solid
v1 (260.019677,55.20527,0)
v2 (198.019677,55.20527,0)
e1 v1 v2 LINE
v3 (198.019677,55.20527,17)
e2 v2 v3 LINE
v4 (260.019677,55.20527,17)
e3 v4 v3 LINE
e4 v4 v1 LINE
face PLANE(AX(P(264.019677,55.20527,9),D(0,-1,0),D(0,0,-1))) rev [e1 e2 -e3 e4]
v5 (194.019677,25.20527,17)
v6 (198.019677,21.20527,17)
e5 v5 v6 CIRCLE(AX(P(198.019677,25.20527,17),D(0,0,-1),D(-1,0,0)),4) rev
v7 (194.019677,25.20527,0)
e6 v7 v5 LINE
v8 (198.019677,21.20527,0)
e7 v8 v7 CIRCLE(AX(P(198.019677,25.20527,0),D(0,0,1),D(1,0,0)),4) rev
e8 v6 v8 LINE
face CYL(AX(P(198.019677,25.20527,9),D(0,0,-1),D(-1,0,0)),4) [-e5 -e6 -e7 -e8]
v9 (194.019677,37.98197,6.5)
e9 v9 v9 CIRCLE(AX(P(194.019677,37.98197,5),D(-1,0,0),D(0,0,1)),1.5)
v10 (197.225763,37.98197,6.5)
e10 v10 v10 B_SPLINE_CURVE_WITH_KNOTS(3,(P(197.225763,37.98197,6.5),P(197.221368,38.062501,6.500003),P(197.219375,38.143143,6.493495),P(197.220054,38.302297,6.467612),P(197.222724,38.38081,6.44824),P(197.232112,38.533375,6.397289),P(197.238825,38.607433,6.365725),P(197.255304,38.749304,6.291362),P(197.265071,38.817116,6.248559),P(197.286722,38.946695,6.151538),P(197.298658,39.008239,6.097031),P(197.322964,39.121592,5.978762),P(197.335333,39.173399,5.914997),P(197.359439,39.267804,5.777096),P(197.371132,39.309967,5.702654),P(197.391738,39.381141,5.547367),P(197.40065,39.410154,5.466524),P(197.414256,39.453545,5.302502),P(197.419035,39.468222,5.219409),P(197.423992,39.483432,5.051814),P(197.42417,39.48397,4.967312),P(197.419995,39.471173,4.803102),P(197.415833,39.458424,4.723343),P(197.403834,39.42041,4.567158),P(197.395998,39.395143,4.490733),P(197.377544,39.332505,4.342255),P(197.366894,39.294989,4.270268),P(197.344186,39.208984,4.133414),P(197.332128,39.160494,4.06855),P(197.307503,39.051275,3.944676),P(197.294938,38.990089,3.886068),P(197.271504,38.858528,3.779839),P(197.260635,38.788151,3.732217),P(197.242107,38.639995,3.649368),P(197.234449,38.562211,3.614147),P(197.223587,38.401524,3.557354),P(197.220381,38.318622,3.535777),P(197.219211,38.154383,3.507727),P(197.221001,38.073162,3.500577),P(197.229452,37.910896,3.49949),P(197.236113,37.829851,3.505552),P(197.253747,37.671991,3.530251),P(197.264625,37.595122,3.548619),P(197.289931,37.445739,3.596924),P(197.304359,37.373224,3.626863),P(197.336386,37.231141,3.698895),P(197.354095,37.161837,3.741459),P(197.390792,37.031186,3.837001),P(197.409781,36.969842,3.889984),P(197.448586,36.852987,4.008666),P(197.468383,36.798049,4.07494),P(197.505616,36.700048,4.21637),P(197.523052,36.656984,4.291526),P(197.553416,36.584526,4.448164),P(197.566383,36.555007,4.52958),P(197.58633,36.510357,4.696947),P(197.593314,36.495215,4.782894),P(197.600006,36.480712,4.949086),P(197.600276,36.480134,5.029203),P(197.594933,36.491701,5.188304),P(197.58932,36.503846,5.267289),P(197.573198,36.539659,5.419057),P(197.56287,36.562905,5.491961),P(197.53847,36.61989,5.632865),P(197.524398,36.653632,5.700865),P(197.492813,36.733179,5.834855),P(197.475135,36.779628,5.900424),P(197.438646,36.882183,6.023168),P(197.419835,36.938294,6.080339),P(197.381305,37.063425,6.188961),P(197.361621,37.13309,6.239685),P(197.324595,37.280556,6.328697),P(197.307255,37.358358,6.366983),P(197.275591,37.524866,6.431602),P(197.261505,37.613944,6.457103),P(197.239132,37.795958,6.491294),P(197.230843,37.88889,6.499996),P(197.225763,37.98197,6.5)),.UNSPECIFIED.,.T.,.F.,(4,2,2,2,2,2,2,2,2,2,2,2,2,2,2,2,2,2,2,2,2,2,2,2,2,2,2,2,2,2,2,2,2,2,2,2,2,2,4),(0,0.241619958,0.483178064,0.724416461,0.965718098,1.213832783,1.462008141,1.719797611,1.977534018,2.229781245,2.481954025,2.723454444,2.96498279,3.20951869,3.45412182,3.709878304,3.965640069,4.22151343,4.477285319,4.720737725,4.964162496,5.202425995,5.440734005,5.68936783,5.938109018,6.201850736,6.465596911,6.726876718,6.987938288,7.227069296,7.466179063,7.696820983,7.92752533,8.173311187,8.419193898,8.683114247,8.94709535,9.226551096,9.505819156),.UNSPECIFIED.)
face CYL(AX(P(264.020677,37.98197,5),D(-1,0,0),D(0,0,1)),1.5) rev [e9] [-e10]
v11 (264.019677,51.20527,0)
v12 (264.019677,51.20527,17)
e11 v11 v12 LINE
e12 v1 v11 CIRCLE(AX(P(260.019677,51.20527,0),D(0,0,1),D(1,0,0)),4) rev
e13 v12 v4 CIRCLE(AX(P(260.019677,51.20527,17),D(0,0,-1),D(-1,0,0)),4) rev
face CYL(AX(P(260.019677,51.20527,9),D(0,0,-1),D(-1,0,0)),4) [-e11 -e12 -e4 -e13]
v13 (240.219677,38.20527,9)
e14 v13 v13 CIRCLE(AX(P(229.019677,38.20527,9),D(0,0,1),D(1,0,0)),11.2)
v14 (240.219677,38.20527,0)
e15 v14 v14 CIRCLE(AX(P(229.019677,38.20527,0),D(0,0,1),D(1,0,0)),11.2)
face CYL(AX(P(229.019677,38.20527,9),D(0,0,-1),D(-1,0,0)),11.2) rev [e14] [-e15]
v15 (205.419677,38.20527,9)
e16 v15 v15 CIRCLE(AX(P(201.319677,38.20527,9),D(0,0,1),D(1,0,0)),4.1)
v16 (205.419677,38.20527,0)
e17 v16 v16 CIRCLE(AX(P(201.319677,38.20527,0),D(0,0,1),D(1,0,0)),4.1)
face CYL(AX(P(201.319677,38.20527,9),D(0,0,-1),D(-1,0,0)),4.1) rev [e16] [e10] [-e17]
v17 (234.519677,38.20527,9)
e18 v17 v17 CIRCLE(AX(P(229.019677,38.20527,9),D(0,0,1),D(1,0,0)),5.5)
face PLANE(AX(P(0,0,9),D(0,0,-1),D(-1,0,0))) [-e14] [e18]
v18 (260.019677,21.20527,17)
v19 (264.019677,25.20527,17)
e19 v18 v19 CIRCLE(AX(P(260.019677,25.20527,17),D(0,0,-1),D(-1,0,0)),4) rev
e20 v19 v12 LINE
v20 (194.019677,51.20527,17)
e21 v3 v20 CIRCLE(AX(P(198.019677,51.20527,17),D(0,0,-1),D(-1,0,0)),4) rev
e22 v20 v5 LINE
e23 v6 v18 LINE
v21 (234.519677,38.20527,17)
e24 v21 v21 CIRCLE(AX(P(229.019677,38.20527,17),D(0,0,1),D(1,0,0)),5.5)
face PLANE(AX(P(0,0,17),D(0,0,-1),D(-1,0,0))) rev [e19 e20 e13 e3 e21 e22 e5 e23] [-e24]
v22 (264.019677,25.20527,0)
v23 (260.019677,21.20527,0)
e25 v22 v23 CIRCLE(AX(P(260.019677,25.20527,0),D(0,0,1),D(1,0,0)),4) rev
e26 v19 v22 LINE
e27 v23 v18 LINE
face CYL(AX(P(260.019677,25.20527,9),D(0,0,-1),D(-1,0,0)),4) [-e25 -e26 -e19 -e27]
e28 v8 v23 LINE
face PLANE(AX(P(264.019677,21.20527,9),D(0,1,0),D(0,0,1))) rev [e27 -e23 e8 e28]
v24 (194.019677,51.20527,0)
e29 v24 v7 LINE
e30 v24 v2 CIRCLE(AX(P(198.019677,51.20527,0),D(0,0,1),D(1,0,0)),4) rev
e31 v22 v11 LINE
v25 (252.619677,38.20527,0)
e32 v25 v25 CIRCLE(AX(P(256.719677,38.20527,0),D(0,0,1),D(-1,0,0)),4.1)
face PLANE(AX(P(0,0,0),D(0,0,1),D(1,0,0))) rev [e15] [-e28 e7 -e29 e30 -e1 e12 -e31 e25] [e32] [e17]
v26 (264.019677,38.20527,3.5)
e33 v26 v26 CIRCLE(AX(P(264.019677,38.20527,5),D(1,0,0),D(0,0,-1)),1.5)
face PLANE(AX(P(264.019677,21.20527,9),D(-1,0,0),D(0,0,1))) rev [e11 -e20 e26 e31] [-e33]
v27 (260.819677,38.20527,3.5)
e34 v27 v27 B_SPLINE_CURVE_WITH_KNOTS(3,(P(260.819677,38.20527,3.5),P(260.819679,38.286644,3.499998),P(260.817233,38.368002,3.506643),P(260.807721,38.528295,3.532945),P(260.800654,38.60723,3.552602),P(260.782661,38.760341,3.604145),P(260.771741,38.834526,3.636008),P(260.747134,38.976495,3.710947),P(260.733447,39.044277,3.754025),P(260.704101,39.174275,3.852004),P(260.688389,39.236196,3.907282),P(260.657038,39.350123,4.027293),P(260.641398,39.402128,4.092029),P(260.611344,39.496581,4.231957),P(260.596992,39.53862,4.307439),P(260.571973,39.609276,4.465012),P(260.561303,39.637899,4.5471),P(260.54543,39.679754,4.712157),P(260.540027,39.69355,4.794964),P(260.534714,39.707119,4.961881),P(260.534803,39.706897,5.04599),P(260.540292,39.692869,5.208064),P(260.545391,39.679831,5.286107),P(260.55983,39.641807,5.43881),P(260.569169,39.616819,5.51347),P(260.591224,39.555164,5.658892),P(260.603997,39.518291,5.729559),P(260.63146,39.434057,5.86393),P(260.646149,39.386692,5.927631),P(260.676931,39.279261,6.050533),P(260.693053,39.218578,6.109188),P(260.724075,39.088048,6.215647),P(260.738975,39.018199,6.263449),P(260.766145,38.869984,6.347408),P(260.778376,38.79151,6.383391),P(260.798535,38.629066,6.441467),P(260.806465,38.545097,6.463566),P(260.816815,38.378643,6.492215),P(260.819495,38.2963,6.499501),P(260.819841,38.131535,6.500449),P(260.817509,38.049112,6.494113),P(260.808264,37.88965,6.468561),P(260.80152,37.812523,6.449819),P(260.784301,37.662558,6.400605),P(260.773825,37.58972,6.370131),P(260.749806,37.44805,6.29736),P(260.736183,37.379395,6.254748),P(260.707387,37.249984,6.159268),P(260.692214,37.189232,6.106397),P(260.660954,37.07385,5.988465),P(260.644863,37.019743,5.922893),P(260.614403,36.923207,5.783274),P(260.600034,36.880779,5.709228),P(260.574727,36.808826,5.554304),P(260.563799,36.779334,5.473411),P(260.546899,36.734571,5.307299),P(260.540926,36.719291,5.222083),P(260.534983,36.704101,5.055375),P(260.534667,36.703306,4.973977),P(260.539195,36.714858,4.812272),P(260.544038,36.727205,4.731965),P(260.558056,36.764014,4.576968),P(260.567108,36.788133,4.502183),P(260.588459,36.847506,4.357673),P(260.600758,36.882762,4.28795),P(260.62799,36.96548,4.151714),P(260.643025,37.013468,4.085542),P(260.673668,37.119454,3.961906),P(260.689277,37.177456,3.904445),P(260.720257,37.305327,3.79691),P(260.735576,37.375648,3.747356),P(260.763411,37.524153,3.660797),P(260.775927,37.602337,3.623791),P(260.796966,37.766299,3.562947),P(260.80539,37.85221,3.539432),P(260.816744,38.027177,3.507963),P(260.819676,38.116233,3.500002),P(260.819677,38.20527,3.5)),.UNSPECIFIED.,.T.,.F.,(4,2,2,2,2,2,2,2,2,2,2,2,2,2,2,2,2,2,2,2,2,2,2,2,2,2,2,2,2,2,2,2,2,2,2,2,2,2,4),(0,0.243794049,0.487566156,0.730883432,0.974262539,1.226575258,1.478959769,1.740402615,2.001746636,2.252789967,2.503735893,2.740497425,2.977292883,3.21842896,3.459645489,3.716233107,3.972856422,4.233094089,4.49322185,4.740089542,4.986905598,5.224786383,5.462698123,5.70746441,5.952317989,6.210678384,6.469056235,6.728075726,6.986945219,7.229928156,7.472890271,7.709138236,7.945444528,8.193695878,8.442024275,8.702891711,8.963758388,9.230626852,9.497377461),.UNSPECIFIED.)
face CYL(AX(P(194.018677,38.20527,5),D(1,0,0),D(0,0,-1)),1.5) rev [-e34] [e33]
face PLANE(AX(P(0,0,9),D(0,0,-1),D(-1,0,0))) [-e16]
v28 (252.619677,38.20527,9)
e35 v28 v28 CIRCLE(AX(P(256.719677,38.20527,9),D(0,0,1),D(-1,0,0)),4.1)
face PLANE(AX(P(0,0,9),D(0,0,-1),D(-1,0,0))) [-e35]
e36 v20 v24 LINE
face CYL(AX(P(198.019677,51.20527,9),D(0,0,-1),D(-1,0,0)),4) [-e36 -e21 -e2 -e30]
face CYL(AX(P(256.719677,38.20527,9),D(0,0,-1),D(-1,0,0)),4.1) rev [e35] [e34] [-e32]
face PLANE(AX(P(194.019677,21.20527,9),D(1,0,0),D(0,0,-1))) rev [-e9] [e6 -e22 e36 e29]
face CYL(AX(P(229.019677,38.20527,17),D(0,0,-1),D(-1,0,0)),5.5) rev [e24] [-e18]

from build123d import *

# Parameters (mm, degrees)
CROQUIS1_W              = 70
CROQUIS1_H              = 34
CROQUIS1_R              = 11.2
CROQUIS1_R_2            = 4.1
SALIENTE_EXTRUIR1_DEPTH = 9
CROQUIS2_W              = 70
CROQUIS2_H              = 34
CROQUIS2_R              = 5.5
SALIENTE_EXTRUIR2_DEPTH = 8
CUT_EXTRUDE1_REACH      = 92.756
CUT_EXTRUDE1_END_RADIUS = 4.1
SKETCH1_R               = 1.5
CUT_EXTRUDE2_REACH      = 92.756
CUT_EXTRUDE2_END_RADIUS = 4.1
SKETCH2_R               = 1.5
FILLET1_R               = 4


with BuildPart() as part:
    # Croquis1 → Saliente-Extruir1 (new body)
    with BuildSketch(Plane.XY):
        with Locations((229.019677403, 38.205269585)):
            Rectangle(CROQUIS1_W, CROQUIS1_H)
        with Locations((229.019677403, 38.205269585)):
            Circle(CROQUIS1_R, mode=Mode.SUBTRACT)
        with Locations((201.319677403, 38.205269585)):
            Circle(CROQUIS1_R_2, mode=Mode.SUBTRACT)
        with Locations(Location((256.719677403, 38.205269585, 0), (0, 0, 180))):
            Circle(CROQUIS1_R_2, mode=Mode.SUBTRACT)
    extrude(amount=SALIENTE_EXTRUIR1_DEPTH)

    # Croquis2 → Saliente-Extruir2 (add)
    with BuildSketch(Plane.XY.offset(9)):
        with Locations((229.019677403, 38.205269585)):
            Rectangle(CROQUIS2_W, CROQUIS2_H)
        with Locations((229.019677403, 38.205269585)):
            Circle(CROQUIS2_R, mode=Mode.SUBTRACT)
    extrude(amount=SALIENTE_EXTRUIR2_DEPTH)

    # Cut-Extrude1: up to this cylinder (the profile starts outside it)
    cut_extrude1_end = Plane(origin=(201.319677403, 38.205269585, 5), z_dir=(0, 0, -1)) * Cylinder(CUT_EXTRUDE1_END_RADIUS, 194.712, mode=Mode.PRIVATE)
    # Sketch1 → Cut-Extrude1 (cut, up to the surface)
    with BuildSketch(Plane.ZY.offset(-194.019677403), mode=Mode.PRIVATE) as cut_extrude1_sk1:
        with Locations((5, 37.981969781)):
            Circle(SKETCH1_R)
    cut_extrude1_tool1 = extrude(cut_extrude1_sk1.sketch, amount=-CUT_EXTRUDE1_REACH, mode=Mode.PRIVATE) - cut_extrude1_end
    add(cut_extrude1_tool1.solids().sort_by_distance((194.019677, 37.98197, 5))[0], mode=Mode.SUBTRACT)

    # Cut-Extrude2: up to this cylinder (the profile starts outside it)
    cut_extrude2_end = Plane(origin=(256.719677403, 38.205269585, 5), z_dir=(0, 0, -1)) * Cylinder(CUT_EXTRUDE2_END_RADIUS, 194.712, mode=Mode.PRIVATE)
    # Sketch2 → Cut-Extrude2 (cut, up to the surface)
    with BuildSketch(Plane(origin=(264.019677403, 0, 0), x_dir=(0, 0, -1), z_dir=(1, 0, 0)), mode=Mode.PRIVATE) as cut_extrude2_sk1:
        with Locations((-5, 38.205269585)):
            Circle(SKETCH2_R)
    cut_extrude2_tool1 = extrude(cut_extrude2_sk1.sketch, amount=-CUT_EXTRUDE2_REACH, mode=Mode.PRIVATE) - cut_extrude2_end
    add(cut_extrude2_tool1.solids().sort_by_distance((264.019677, 38.20527, 5))[0], mode=Mode.SUBTRACT)

    # Fillet1
    fillet1_edges = [part.edges().sort_by_distance(p)[0] for p in [
        (194.019677403, 55.205269585, 8.5),
        (264.019677403, 55.205269585, 8.5),
        (264.019677403, 21.205269585, 8.5),
        (194.019677403, 21.205269585, 8.5),
    ]]
    fillet(fillet1_edges, radius=FILLET1_R)


solid = part.part
